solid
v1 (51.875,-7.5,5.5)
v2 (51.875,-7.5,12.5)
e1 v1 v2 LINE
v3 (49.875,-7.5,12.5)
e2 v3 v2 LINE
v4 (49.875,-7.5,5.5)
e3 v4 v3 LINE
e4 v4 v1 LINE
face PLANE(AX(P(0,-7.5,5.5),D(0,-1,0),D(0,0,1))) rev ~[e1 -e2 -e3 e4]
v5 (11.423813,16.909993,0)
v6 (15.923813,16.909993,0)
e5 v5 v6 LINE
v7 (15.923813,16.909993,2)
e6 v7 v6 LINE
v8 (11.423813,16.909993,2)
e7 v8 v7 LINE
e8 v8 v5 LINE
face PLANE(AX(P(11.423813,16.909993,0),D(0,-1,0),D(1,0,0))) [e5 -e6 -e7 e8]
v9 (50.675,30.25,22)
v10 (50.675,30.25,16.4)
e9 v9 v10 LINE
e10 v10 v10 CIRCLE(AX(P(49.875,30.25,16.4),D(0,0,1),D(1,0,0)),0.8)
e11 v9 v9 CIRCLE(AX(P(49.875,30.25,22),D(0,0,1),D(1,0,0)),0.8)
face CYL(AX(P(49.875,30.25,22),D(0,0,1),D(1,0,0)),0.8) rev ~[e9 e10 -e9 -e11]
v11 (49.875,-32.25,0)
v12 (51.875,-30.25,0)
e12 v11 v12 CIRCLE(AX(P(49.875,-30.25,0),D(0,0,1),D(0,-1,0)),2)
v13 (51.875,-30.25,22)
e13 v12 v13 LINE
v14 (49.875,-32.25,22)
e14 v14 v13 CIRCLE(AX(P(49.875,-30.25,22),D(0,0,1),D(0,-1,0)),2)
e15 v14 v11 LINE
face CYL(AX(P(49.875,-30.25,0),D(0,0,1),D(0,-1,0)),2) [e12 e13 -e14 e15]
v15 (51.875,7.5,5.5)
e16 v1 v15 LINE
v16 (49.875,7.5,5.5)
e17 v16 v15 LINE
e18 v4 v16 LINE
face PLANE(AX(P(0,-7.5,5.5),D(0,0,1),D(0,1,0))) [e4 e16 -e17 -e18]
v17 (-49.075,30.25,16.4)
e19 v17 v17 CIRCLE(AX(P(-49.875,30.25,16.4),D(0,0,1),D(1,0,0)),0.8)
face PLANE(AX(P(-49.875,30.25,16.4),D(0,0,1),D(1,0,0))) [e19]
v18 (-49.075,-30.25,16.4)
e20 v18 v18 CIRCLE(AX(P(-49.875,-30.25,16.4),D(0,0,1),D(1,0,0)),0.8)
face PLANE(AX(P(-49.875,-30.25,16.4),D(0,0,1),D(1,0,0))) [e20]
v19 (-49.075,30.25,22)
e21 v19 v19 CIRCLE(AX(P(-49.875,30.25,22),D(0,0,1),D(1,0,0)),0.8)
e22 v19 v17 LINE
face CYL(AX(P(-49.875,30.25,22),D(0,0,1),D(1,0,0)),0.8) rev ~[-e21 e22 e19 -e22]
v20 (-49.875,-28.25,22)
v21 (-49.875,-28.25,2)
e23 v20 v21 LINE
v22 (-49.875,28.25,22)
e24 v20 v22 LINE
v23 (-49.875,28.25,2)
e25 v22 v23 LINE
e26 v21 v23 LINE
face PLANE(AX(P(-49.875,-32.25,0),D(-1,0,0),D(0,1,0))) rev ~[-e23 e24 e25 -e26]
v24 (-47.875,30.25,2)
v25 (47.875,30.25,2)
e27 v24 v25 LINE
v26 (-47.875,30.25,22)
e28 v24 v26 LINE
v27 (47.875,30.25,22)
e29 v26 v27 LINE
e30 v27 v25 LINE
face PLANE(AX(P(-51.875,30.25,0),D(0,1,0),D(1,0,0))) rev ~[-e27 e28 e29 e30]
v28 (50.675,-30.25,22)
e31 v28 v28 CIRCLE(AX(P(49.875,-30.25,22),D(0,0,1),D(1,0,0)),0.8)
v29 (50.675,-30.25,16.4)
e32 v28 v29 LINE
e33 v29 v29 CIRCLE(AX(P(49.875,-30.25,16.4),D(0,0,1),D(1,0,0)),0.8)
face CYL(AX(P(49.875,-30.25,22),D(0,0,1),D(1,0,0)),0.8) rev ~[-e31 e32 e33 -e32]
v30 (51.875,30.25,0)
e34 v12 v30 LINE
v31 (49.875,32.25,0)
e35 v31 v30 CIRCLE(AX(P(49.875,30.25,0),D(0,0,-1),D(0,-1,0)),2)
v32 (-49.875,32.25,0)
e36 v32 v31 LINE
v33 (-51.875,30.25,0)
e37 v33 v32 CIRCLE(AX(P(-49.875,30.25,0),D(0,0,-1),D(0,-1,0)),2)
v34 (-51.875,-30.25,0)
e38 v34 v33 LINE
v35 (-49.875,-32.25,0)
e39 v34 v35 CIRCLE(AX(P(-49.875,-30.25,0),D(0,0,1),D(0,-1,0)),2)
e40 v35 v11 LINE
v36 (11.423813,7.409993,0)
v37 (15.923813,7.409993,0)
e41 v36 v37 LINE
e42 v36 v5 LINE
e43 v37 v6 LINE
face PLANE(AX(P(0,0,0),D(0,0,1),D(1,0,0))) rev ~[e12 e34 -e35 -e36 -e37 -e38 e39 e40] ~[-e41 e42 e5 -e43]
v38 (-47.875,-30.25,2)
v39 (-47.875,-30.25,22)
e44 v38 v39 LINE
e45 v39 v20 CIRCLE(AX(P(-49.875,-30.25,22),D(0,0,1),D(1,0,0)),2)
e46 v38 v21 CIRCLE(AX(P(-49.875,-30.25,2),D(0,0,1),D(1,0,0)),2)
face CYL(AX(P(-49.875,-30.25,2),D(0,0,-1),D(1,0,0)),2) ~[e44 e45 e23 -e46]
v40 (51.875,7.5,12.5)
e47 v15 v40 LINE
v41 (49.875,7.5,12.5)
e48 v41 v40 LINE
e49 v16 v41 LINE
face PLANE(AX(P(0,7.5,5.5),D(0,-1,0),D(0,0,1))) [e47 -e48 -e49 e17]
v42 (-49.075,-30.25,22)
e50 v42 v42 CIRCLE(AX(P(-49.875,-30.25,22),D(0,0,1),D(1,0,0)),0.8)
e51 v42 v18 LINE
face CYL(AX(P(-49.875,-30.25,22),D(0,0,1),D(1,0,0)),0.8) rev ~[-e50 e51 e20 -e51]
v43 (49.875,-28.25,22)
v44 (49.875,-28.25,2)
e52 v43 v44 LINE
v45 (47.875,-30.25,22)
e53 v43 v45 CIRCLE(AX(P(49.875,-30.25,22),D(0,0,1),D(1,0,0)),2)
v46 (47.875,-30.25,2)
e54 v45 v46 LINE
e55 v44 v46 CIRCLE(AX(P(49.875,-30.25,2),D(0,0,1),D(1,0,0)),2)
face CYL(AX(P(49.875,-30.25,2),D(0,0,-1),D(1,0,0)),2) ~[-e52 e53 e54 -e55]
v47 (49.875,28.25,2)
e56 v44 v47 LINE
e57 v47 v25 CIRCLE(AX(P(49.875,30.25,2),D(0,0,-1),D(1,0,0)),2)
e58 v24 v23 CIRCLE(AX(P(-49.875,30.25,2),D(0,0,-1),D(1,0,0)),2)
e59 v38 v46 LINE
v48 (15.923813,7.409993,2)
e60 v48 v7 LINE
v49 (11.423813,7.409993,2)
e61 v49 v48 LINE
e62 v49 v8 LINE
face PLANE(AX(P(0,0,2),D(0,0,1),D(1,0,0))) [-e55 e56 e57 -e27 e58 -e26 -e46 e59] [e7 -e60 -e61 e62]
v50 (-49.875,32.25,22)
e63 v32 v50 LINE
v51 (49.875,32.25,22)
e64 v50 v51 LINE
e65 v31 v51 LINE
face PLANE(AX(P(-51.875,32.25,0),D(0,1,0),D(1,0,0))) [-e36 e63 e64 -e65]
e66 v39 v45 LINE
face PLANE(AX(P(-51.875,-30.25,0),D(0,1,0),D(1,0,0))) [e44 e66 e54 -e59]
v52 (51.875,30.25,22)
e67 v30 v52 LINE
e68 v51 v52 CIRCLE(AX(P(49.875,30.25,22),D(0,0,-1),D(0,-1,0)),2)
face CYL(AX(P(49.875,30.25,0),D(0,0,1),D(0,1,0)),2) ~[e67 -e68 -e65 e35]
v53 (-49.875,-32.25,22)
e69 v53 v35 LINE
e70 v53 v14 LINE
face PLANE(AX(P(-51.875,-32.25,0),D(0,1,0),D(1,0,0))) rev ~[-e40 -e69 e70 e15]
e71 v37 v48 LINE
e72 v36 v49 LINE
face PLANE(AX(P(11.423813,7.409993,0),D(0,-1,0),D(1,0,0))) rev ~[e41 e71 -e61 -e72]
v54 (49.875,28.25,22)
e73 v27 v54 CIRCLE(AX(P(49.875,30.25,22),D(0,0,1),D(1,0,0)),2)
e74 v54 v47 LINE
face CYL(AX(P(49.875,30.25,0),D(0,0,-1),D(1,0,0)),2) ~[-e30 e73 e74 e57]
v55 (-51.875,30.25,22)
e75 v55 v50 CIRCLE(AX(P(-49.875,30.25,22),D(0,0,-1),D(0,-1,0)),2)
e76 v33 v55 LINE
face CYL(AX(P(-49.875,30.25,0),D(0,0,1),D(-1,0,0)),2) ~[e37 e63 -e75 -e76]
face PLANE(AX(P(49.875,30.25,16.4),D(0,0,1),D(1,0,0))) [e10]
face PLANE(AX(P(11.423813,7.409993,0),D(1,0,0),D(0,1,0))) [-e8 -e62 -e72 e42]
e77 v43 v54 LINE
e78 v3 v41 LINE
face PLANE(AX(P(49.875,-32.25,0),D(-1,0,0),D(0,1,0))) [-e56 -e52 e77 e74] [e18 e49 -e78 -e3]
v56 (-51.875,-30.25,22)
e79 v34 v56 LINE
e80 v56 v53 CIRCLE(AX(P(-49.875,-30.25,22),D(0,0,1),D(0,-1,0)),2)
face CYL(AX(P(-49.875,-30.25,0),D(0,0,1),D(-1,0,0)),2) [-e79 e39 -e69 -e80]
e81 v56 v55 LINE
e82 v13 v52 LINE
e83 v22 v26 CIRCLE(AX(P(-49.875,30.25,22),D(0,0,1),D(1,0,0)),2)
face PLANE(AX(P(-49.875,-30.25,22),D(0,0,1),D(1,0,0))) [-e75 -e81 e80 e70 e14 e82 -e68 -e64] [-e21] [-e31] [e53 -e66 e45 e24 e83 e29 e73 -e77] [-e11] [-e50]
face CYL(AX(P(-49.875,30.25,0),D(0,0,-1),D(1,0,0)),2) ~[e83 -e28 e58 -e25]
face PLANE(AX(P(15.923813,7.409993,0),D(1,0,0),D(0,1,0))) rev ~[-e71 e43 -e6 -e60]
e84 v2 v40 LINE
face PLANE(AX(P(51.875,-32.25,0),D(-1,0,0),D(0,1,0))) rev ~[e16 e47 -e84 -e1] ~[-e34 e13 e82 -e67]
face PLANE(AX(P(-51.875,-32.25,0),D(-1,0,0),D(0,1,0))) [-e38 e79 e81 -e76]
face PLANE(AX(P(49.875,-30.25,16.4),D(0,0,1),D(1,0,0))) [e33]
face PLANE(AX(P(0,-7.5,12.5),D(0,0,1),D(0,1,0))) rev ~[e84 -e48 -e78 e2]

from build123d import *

# Parameters (mm, degrees)
F0_W      = 103.75
F0_H      = 64.5
F1_DEPTH  = 22
F2_T      = -2
F3_W      = 15
F3_H      = 7
F4_DEPTH  = 381
F5_R      = 2
F6_W      = 4.5
F6_H      = 9.5
F7_DEPTH  = 12.7
F8_R      = 2
F9_DEPTH  = 22
F10_R     = 2
F11_DEPTH = 20
F12_R     = 2
F13_DEPTH = 20
F14_R     = 2
F15_DEPTH = 22
F16_R     = 0.8
F17_DEPTH = 5.6
F18_R     = 0.8
F19_DEPTH = 5.6
F20_R     = 0.8
F21_DEPTH = 5.6
F22_R     = 0.8
F23_DEPTH = 5.6


with BuildPart() as f1:
    # F0 (on Top) → F1 (new body)
    with BuildSketch(Plane.XY):
        Rectangle(F0_W, F0_H)
    extrude(amount=F1_DEPTH)

    # F2
    f2_openings = [f1.faces().sort_by_distance(p)[0] for p in [
        (0, 0, 22),
    ]]
    offset(amount=F2_T, openings=f2_openings)

    # F3 (on Right) → F4 (cut)
    with BuildSketch(Plane.YZ):
        with Locations((0, 9)):
            Rectangle(F3_W, F3_H)
    extrude(amount=F4_DEPTH, mode=Mode.SUBTRACT)

    # F5
    f5_edges = [f1.edges().sort_by_distance(p)[0] for p in [
        (-51.875, 32.25, 11),
        (-51.875, -32.25, 11),
        (51.875, -32.25, 11),
        (51.875, 32.25, 11),
    ]]
    fillet(f5_edges, radius=F5_R)

    # F6 (on Top) → F7 (cut, symmetric)
    with BuildSketch(Plane.XY):
        with Locations((13.673813, 12.159993)):
            Rectangle(F6_W, F6_H)
    extrude(amount=F7_DEPTH, both=True, mode=Mode.SUBTRACT)

    # F8 (on Top) → F9 (join)
    with BuildSketch(Plane.XY):
        with Locations((-49.875, 30.25)):
            Circle(F8_R)
    extrude(amount=F9_DEPTH)

    # F10 (on face) → F11 (join)
    with BuildSketch(Plane.XY.offset(2)):
        with Locations((-49.875, -30.25)):
            Circle(F10_R)
    extrude(amount=F11_DEPTH)

    # F12 (on face) → F13 (join)
    with BuildSketch(Plane.XY.offset(2)):
        with Locations((49.875, -30.25)):
            Circle(F12_R)
    extrude(amount=F13_DEPTH)

    # F14 (on Top) → F15 (join)
    with BuildSketch(Plane.XY):
        with Locations((49.875, 30.25)):
            Circle(F14_R)
    extrude(amount=F15_DEPTH)

    # F16 (on face) → F17 (cut)
    with BuildSketch(Plane.XY.offset(22)):
        with Locations((-49.875, 30.25)):
            Circle(F16_R)
    extrude(amount=-F17_DEPTH, mode=Mode.SUBTRACT)

    # F18 (on face) → F19 (cut)
    with BuildSketch(Plane.XY.offset(22)):
        with Locations((-49.875, -30.25)):
            Circle(F18_R)
    extrude(amount=-F19_DEPTH, mode=Mode.SUBTRACT)

    # F20 (on face) → F21 (cut)
    with BuildSketch(Plane.XY.offset(22)):
        with Locations((49.875, -30.25)):
            Circle(F20_R)
    extrude(amount=-F21_DEPTH, mode=Mode.SUBTRACT)

    # F22 (on face) → F23 (cut)
    with BuildSketch(Plane.XY.offset(22)):
        with Locations((49.875, 30.25)):
            Circle(F22_R)
    extrude(amount=-F23_DEPTH, mode=Mode.SUBTRACT)


solid = f1.part
